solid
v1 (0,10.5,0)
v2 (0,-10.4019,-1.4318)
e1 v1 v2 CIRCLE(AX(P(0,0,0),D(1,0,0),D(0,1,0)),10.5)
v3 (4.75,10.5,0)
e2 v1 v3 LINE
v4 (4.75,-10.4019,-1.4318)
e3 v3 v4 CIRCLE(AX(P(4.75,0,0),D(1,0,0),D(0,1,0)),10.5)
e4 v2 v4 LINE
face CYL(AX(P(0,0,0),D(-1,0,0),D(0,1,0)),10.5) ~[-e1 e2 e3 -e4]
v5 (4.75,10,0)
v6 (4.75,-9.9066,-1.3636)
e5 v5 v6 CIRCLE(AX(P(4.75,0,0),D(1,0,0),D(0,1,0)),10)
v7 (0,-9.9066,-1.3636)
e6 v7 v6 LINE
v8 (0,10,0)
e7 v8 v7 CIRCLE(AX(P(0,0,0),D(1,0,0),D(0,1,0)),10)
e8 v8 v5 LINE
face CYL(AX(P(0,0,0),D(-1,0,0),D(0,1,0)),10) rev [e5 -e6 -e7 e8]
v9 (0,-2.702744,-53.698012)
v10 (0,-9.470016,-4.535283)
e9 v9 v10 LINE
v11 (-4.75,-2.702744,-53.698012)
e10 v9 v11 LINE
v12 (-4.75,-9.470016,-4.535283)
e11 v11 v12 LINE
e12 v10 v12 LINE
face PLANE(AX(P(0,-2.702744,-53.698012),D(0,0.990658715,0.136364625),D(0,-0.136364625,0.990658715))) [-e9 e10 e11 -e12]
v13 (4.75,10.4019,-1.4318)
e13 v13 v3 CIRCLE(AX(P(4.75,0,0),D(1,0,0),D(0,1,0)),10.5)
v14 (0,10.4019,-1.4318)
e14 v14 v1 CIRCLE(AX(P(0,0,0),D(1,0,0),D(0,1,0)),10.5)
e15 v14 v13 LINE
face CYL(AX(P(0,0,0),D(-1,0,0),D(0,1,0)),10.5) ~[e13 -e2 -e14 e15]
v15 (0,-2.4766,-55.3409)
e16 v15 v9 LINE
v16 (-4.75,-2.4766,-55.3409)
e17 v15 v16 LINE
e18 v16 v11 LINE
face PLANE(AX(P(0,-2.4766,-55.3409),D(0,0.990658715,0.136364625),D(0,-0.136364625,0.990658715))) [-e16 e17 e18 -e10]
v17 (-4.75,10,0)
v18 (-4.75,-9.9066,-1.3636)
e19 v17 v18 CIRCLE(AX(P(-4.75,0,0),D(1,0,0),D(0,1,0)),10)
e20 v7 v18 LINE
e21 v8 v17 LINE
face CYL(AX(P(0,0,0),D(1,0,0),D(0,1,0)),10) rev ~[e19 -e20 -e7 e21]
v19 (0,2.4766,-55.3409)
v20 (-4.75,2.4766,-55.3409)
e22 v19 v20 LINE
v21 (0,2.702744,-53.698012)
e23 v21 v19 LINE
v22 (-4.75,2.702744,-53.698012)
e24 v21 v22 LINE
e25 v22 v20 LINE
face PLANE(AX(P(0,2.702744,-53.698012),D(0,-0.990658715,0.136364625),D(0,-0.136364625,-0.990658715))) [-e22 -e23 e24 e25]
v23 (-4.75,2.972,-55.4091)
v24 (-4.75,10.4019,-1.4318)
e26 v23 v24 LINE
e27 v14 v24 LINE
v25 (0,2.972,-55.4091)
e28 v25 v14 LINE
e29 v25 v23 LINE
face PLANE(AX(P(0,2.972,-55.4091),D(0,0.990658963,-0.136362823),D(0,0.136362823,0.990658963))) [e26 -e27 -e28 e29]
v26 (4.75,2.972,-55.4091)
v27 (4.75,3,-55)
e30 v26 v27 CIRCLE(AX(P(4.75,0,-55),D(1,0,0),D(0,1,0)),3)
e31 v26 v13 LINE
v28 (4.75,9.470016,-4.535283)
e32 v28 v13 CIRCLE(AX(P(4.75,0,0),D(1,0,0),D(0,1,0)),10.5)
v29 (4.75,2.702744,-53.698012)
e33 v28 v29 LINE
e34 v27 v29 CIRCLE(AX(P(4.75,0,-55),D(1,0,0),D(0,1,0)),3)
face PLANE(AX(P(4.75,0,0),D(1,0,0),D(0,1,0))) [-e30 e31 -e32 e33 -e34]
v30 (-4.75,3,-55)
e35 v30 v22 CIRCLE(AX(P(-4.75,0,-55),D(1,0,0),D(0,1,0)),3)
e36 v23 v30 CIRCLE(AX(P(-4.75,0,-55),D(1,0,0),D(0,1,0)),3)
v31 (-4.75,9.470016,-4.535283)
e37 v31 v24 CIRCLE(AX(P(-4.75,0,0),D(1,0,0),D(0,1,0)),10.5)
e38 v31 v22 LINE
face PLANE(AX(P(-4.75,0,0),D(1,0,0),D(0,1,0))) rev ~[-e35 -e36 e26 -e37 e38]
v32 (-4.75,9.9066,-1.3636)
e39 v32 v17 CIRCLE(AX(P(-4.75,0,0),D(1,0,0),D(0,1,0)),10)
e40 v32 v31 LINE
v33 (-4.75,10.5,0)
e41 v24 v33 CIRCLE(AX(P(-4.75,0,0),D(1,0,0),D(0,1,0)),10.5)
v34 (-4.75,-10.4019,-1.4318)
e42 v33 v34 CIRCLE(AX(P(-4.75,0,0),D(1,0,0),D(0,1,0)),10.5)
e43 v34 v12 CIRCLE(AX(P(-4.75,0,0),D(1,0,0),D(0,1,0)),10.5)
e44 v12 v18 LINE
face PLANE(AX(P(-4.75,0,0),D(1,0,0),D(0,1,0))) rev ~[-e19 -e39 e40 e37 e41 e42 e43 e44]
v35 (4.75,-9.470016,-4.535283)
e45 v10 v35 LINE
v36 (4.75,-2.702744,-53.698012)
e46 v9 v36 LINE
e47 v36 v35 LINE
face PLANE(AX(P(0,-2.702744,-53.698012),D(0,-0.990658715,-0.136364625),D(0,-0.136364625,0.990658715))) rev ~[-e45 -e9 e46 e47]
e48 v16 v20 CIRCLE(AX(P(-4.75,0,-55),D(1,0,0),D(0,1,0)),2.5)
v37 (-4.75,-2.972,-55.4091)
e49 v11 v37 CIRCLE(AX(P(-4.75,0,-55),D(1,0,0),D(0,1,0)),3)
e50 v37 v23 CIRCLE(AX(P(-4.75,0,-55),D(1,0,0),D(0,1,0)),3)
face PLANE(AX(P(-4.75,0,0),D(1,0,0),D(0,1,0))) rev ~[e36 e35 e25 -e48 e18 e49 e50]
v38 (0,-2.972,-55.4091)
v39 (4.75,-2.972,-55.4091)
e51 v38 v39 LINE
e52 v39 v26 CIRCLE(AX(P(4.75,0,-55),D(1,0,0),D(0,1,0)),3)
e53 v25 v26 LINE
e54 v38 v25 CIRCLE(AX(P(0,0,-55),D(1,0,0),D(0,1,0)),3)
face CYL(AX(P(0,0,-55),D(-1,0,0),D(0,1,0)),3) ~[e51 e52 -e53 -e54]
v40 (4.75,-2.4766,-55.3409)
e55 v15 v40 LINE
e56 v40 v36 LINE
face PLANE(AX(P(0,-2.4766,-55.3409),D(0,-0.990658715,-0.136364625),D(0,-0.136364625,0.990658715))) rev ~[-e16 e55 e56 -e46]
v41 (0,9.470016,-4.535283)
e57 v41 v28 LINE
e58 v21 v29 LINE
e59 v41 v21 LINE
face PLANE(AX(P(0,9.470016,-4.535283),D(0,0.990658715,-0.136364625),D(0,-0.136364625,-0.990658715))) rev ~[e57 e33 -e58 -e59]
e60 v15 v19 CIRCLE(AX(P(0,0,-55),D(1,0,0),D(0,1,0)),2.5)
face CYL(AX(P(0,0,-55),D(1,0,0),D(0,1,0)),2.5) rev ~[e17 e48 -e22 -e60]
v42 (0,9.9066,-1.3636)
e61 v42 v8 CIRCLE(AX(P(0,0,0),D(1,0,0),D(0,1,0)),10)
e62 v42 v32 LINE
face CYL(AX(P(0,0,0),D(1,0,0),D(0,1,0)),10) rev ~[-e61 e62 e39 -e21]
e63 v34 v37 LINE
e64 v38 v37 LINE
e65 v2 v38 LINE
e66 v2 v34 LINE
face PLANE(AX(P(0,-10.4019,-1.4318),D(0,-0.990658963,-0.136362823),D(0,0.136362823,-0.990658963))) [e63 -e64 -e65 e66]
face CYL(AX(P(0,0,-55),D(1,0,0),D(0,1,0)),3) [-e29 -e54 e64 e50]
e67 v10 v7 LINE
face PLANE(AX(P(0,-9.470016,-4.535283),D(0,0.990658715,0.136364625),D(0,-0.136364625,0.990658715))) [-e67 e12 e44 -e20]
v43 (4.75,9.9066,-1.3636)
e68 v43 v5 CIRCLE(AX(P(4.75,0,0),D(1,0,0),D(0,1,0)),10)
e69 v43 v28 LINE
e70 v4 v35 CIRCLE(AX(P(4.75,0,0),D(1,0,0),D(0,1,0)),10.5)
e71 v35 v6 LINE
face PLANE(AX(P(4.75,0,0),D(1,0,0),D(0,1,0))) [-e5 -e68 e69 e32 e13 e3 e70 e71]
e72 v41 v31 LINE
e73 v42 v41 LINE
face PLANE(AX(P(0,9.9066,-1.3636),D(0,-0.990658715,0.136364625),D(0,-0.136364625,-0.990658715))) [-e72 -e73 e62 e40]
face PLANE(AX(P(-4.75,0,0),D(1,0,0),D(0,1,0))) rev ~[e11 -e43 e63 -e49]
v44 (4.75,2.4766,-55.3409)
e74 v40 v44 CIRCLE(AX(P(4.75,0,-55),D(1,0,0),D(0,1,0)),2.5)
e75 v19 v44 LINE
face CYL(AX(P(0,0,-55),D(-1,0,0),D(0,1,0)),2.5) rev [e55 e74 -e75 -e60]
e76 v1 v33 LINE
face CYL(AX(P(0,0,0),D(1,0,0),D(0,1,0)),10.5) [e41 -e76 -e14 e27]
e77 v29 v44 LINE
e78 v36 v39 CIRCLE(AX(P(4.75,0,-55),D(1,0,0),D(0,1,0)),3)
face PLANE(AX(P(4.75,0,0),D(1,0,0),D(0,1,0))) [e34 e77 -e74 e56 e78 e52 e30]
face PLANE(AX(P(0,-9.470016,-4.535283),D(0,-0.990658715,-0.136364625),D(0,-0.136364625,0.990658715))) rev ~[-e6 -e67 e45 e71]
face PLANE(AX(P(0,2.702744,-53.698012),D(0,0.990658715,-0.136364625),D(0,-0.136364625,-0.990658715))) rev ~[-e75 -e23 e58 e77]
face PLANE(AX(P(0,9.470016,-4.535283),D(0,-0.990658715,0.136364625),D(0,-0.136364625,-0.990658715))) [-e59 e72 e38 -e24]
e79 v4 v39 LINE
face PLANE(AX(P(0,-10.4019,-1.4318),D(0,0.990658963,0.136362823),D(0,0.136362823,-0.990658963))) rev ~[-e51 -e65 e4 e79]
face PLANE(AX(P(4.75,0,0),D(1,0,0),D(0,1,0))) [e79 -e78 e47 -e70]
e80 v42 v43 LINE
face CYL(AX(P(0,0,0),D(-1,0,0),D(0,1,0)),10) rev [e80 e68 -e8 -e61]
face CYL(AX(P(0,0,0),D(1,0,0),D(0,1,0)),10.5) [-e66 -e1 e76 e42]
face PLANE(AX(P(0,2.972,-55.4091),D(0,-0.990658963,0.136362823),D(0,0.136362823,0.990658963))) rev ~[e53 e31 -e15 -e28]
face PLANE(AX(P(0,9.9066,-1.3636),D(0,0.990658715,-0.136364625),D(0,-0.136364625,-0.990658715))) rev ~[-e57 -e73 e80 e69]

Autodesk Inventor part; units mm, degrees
ref_plane "YZ Plane" through (0, 0, 0) normal (1, 0, 0) x (0, 1, 0)
ref_plane "XZ Plane" through (0, 0, 0) normal (0, 1, 0) x (-1, 0, 0)
ref_plane "XY Plane" through (0, 0, 0) normal (0, 0, 1) x (1, 0, 0)
sketch "Эскиз1" plane through (0, 0, 0) normal (1, 0, 0) x (0, 1, 0)
  circle A0 centre (0, 0) radius 10.5
  line L0 (0, -71.7) -> (0, 24.2) construction
  circle A1 centre (0, -55) radius 3
  line L1 (2.972, -55.4091) -> (10.4019, -1.4318)
  line L2 (-10.4019, -1.4318) -> (-2.972, -55.4091)
  circle A2 centre (0, 0) radius 10
  circle A3 centre (0, -55) radius 2.5
  line L3 (9.9066, -1.3636) -> (2.4766, -55.3409)
  line L4 (-2.4766, -55.3409) -> (-9.9066, -1.3636)
  dimension "d0" = 21
  dimension "d1" = 6
  dimension "d2" = 55
  dimension "d3" = 20
  dimension "d4" = 5
extrude "Выдавливание1" add sketch "Эскиз1" along normal mid plane 9.5 contours A0 L3 A2 L4 | A0 L4 A1 L2 | L1 A1 L3 A0 | A1 L4 A3 L3 picked at (10.1468, 1.5856) picked at (-2.6945, -54.4287)
properties part number "Ременная передача"
